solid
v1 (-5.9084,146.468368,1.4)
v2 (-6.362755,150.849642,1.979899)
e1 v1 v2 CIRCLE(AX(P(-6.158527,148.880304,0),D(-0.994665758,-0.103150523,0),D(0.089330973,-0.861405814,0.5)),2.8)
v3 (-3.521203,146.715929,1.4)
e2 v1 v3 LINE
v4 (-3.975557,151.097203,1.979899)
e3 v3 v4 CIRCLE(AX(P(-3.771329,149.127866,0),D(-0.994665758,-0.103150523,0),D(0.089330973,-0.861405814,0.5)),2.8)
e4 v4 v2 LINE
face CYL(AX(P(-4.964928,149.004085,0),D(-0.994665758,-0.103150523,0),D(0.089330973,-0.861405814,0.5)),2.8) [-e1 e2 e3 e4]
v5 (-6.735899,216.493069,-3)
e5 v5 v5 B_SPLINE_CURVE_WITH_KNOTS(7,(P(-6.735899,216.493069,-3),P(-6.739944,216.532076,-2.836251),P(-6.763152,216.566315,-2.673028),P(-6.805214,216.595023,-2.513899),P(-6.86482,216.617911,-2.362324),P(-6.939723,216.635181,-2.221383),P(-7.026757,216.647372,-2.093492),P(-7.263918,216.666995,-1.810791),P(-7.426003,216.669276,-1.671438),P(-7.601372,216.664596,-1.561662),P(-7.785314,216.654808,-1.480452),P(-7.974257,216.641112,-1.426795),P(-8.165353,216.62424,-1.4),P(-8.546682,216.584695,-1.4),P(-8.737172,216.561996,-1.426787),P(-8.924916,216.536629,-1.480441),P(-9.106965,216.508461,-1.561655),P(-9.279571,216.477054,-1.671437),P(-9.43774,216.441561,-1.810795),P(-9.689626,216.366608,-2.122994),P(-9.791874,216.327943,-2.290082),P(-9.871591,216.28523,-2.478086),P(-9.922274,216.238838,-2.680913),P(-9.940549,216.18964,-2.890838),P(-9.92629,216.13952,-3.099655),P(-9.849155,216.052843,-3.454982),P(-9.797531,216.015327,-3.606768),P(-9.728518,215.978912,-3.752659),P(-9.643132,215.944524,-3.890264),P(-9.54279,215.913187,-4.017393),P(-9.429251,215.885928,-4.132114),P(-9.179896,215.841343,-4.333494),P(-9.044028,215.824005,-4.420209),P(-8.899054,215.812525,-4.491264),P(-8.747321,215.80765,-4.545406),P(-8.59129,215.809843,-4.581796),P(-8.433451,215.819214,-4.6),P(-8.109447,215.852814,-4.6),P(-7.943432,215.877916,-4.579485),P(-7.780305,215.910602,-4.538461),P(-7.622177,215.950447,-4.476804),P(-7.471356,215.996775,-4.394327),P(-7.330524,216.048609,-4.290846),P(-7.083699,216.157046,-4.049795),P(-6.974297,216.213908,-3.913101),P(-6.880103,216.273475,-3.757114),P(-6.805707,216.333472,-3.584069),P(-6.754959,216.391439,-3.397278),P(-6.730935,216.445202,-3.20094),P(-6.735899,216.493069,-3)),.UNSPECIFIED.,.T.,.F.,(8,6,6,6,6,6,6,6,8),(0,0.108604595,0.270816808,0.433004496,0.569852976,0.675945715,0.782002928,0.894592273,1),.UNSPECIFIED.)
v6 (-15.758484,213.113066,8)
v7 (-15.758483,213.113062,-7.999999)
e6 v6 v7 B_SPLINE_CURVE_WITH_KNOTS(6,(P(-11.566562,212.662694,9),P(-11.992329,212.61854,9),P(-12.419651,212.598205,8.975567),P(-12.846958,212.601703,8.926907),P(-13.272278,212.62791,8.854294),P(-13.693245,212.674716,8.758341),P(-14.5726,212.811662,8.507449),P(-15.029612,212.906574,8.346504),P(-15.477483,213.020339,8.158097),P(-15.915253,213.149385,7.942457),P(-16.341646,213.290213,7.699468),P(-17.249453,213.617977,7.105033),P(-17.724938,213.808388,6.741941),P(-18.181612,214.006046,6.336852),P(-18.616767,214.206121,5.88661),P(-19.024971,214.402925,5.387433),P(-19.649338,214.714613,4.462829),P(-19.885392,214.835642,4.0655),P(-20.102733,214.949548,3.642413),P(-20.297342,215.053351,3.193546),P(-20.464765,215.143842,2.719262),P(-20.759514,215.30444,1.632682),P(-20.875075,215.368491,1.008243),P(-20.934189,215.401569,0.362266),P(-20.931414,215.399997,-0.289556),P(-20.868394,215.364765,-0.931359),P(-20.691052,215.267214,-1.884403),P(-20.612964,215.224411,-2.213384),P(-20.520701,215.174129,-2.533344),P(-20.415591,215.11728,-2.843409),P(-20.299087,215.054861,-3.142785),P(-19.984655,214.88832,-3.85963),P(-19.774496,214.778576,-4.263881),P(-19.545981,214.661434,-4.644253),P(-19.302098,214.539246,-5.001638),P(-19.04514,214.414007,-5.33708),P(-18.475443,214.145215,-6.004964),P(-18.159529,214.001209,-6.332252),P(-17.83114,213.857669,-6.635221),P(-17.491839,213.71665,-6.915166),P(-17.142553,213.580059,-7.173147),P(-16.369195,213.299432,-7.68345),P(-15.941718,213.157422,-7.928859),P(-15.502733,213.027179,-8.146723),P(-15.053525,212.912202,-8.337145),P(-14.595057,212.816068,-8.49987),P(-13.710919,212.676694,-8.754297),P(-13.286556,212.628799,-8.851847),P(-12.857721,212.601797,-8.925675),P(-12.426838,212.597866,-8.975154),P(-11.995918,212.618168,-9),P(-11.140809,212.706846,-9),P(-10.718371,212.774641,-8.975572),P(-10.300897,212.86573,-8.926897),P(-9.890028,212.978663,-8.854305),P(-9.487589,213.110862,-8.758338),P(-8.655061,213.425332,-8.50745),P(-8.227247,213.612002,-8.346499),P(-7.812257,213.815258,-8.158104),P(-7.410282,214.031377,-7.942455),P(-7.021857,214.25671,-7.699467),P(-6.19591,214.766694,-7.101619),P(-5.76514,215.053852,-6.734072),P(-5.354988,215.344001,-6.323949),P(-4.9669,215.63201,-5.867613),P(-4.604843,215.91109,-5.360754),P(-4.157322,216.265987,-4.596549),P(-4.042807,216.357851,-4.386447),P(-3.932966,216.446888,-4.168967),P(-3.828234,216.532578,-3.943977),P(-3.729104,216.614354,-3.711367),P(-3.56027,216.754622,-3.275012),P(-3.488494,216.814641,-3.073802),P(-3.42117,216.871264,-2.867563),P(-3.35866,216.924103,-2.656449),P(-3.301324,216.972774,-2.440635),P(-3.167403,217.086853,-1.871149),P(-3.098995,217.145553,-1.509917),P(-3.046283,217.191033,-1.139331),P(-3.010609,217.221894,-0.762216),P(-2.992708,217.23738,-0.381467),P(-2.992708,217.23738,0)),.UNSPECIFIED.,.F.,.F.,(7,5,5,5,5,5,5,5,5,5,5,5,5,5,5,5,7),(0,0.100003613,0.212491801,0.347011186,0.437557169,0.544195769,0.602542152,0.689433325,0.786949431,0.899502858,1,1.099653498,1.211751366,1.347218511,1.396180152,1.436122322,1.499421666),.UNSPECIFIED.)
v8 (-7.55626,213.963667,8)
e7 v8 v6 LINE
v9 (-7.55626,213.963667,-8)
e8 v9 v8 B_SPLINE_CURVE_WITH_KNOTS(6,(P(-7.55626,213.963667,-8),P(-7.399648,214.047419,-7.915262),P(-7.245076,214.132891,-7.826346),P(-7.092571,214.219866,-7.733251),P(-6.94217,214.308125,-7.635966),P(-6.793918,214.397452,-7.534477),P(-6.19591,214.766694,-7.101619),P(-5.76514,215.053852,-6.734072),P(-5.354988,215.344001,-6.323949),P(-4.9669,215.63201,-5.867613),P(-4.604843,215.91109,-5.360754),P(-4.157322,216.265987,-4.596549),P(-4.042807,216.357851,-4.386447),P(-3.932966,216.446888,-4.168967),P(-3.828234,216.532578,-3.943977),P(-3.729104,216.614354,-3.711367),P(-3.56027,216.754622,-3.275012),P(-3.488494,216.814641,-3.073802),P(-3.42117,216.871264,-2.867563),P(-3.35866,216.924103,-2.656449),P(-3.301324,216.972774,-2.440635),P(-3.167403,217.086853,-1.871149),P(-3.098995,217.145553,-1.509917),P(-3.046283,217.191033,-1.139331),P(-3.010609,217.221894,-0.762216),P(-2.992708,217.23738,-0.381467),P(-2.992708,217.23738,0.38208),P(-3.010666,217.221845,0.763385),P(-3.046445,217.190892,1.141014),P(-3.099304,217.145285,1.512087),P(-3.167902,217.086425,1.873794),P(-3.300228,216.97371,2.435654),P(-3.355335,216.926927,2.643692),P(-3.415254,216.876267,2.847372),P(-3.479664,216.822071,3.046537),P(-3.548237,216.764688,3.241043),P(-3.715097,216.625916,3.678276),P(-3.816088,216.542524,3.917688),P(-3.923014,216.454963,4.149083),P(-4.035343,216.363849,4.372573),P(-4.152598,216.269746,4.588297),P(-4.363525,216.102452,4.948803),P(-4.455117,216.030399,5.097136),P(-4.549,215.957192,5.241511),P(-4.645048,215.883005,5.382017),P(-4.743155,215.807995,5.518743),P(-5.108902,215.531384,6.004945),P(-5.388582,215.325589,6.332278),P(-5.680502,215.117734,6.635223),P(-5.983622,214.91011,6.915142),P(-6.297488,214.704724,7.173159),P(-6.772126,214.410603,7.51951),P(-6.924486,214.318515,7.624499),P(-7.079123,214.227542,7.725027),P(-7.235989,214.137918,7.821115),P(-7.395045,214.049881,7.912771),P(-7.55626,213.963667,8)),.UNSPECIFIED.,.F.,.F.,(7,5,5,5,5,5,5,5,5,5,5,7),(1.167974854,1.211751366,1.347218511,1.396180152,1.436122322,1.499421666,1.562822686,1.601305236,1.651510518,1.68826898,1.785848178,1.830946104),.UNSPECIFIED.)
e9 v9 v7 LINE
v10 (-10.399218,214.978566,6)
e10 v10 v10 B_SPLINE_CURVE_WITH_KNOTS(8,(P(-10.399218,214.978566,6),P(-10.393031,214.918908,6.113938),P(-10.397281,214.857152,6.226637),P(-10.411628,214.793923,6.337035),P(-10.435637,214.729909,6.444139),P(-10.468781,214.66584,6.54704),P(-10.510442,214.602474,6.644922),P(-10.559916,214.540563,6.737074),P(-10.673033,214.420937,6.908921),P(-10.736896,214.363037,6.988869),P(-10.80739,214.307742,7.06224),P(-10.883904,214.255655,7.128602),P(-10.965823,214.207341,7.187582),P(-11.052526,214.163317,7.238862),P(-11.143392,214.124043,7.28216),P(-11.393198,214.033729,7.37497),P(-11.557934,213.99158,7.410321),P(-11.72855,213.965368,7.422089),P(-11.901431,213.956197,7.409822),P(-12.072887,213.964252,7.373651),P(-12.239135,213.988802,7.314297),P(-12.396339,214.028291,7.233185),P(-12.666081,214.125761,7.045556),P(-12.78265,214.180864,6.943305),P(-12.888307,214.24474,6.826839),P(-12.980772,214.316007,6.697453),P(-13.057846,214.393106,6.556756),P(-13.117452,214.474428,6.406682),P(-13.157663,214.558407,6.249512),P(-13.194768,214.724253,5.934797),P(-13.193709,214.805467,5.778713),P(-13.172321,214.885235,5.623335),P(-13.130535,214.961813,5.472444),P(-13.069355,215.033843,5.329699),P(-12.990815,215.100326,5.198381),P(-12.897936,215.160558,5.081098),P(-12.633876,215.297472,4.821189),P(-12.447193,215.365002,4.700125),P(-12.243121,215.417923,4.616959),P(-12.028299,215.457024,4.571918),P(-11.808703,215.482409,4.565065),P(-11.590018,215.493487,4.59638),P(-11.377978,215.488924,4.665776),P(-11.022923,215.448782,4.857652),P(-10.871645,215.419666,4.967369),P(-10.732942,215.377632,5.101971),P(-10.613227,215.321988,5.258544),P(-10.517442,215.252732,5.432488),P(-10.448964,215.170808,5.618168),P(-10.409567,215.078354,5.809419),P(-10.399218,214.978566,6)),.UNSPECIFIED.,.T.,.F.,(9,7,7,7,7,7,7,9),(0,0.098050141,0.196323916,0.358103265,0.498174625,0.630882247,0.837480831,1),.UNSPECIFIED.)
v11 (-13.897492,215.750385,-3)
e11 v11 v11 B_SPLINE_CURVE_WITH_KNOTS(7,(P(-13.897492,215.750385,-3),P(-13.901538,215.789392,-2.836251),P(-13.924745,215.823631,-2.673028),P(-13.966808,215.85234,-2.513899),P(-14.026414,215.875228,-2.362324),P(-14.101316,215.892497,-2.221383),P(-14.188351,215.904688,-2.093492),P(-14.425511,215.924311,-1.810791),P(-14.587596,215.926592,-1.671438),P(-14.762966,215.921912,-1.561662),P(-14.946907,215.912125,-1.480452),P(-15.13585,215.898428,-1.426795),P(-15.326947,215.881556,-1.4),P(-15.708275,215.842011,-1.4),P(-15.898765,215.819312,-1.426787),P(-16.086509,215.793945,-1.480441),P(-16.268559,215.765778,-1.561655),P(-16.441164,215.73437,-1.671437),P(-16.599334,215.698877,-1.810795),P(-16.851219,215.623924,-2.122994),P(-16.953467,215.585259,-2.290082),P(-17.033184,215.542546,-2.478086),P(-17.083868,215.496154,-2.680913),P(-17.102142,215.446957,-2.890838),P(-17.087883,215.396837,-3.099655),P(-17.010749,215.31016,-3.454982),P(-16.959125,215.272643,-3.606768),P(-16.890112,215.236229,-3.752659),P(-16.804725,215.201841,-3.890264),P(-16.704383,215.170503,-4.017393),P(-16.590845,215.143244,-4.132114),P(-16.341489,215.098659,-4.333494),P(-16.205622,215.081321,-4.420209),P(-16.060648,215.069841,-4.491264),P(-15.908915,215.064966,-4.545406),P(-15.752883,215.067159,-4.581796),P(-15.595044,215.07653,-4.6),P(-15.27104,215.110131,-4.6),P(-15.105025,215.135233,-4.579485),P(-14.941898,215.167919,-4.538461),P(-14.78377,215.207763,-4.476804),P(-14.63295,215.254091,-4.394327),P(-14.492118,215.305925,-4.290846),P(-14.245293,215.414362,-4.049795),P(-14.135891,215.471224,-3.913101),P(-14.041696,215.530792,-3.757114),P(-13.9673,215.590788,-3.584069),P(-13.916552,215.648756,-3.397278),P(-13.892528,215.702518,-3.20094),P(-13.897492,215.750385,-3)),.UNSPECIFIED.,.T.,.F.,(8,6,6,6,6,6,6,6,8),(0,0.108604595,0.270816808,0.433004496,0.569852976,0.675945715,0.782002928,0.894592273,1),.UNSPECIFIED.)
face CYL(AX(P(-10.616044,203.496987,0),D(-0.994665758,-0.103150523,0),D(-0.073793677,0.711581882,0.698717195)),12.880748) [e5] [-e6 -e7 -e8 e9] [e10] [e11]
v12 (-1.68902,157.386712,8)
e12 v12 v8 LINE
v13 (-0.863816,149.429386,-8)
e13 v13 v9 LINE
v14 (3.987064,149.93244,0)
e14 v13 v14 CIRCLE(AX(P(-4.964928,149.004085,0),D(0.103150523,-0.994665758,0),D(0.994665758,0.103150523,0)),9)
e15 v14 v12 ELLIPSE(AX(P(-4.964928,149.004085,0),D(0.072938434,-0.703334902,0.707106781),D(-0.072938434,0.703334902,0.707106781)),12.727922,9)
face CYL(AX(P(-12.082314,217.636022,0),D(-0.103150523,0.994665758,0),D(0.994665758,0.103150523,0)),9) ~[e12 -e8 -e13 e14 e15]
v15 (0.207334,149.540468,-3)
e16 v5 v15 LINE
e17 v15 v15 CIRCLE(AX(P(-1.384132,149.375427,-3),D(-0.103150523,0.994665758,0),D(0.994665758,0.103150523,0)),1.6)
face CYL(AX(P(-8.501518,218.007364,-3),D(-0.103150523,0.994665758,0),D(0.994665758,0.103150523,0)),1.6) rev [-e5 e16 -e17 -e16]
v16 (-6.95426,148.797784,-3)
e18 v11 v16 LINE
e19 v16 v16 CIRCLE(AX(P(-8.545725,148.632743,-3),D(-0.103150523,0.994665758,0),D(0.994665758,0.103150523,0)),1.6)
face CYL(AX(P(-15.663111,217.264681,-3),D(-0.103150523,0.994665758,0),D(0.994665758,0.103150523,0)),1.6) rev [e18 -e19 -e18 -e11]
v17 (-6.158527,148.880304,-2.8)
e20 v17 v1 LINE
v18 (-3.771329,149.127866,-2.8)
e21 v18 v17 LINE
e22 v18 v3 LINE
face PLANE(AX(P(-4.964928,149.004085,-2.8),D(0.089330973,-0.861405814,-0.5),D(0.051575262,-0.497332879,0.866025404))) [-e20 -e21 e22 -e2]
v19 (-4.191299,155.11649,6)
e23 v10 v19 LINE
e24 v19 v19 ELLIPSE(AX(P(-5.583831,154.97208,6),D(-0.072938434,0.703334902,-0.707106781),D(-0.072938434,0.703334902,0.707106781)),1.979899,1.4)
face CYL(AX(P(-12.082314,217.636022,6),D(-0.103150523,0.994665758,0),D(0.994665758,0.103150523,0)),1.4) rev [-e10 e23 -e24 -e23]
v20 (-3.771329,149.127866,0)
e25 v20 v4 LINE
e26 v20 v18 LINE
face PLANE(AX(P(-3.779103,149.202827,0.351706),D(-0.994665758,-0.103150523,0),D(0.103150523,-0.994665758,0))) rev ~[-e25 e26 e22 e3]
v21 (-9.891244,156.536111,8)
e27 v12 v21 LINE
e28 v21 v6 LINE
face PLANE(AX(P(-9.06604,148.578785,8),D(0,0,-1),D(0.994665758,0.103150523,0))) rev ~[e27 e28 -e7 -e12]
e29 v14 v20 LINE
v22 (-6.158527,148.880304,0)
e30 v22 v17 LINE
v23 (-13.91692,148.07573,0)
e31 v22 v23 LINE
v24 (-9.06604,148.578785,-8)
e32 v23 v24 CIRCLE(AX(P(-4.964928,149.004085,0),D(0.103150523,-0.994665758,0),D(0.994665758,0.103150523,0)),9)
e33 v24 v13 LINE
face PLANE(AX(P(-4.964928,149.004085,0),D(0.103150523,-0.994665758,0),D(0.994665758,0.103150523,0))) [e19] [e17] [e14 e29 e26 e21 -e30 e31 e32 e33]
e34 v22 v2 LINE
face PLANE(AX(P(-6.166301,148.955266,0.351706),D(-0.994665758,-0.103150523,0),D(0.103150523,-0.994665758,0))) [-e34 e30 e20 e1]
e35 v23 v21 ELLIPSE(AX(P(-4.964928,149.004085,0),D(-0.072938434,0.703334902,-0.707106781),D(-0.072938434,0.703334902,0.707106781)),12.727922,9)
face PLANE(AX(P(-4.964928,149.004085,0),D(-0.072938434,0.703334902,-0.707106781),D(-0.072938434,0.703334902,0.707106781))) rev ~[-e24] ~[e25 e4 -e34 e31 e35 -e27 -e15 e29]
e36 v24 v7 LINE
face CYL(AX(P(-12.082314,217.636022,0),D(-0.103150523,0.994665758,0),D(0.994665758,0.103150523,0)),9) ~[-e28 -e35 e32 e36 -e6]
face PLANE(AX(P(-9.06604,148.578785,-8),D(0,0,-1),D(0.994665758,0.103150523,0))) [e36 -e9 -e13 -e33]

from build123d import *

# Parameters (mm, degrees)
SKETCH3_R               = 9
BOSS_EXTRUDE1_DEPTH     = 69
CUT_EXTRUDE1_DEPTH      = 220.929043992
CUT_EXTRUDE1_DEPTH_BACK = 220.929043992
CUT_EXTRUDE2_DEPTH      = 219.597133119
CUT_EXTRUDE2_DEPTH_BACK = 219.597133119
BOSS_EXTRUDE3_DEPTH     = 1.2
SKETCH8_R               = 1.6
SKETCH8_R_2             = 1.4
CUT_EXTRUDE3_DEPTH      = 74.512311312
CUT_EXTRUDE3_DEPTH_BACK = 74.512311312
CUT_EXTRUDE4_DEPTH      = 73.514420315


with BuildPart() as part:
    # Sketch3 → Boss-Extrude1 (new body)
    with BuildSketch(Plane(origin=(-12.082314344, 217.636022384, 0), x_dir=(-0.9946657577296572, -0.10315052302381673, 0), z_dir=(0.10315052302381673, -0.9946657577296572, 0))):
        with Locations(Location((0, 0, 0), (0, 0, 180))):
            Circle(SKETCH3_R)
    extrude(amount=BOSS_EXTRUDE1_DEPTH)

    # Sketch4 → Cut-Extrude1 (cut, two sides)
    with BuildSketch(Plane(origin=(10.375761543, 1.076004901, 0), x_dir=(0.10315052302381672, -0.9946657577296572, 0), z_dir=(-0.9946657577296572, -0.10315052302381673, 0))) as cut_extrude1_sk:
        with BuildLine():
            Line((-217.721396158, 9), (-212.721396158, 9))
            ThreePointArc((-212.721396158, 9), (-216.387282909, 0), (-212.721396158, -9))
            Line((-212.721396158, -9), (-217.721396158, -9))
            Line((-217.721396158, -9), (-217.721396158, 9))
        make_face()
    extrude(amount=CUT_EXTRUDE1_DEPTH, mode=Mode.SUBTRACT)
    extrude(cut_extrude1_sk.sketch, amount=-CUT_EXTRUDE1_DEPTH_BACK, mode=Mode.SUBTRACT)

    # Sketch5 → Cut-Extrude2 (cut, two sides)
    with BuildSketch(Plane(origin=(10.375761543, 1.076004901, 0), x_dir=(0.10315052302381672, -0.9946657577296572, 0), z_dir=(-0.9946657577296572, -0.10315052302381673, 0))) as cut_extrude2_sk:
        Polygon((-148.721396158, 0), (-157.721396158, 9), (-148.721396158, 9), align=None)
    extrude(amount=CUT_EXTRUDE2_DEPTH, mode=Mode.SUBTRACT)
    extrude(cut_extrude2_sk.sketch, amount=-CUT_EXTRUDE2_DEPTH_BACK, mode=Mode.SUBTRACT)

    # Sketch7 → Boss-Extrude3 (add, symmetric)
    with BuildSketch(Plane(origin=(10.375761543, 1.076004901, 0), x_dir=(0.10315052302381672, -0.9946657577296572, 0), z_dir=(-0.9946657577296572, -0.10315052302381673, 0))):
        with BuildLine():
            Line((-151.519146847, 0.112209978), (-148.721396158, 0))
            Line((-148.721396158, 0), (-148.721396158, -2.8))
            Line((-148.721396158, -2.8), (-146.296525027, 1.4))
            ThreePointArc((-146.296525027, 1.4), (-149.391739784, 2.718573049), (-151.519146847, 0.112209978))
        make_face()
    extrude(amount=BOSS_EXTRUDE3_DEPTH, both=True)

    # Sketch8 → Cut-Extrude3 (cut, two sides)
    with BuildSketch(Plane(origin=(-12.082314344, 217.636022384, 0), x_dir=(-0.9946657577296572, -0.10315052302381673, 0), z_dir=(0.10315052302381673, -0.9946657577296572, 0))) as cut_extrude3_sk:
        with Locations(Location((-3.6, 3, 0), (0, 0, 180))):
            Circle(SKETCH8_R)
        with Locations(Location((3.6, 3, 0), (0, 0, 180))):
            Circle(SKETCH8_R)
        with Locations(Location((0, -6, 0), (0, 0, 180))):
            Circle(SKETCH8_R_2)
    extrude(amount=CUT_EXTRUDE3_DEPTH, mode=Mode.SUBTRACT)
    extrude(cut_extrude3_sk.sketch, amount=-CUT_EXTRUDE3_DEPTH_BACK, mode=Mode.SUBTRACT)

    # Sketch9 → Cut-Extrude4 (cut, through all)
    with BuildSketch(Plane(origin=(-15.340689799, 147.9280802, 0), x_dir=(0.9946657577296572, 0.10315052302381673, 0), z_dir=(0.10315052302381673, -0.9946657577296572, 0))):
        with BuildLine():
            Line((6.30829956, -8), (14.554510811, -8))
            ThreePointArc((14.554510811, -8), (10.431405186, -9), (6.30829956, -8))
        make_face()
        with BuildLine():
            Line((6.30829956, 8), (14.554510811, 8))
            ThreePointArc((14.554510811, 8), (10.431405186, 9), (6.30829956, 8))
        make_face()
    extrude(amount=-CUT_EXTRUDE4_DEPTH, mode=Mode.SUBTRACT)


solid = part.part
